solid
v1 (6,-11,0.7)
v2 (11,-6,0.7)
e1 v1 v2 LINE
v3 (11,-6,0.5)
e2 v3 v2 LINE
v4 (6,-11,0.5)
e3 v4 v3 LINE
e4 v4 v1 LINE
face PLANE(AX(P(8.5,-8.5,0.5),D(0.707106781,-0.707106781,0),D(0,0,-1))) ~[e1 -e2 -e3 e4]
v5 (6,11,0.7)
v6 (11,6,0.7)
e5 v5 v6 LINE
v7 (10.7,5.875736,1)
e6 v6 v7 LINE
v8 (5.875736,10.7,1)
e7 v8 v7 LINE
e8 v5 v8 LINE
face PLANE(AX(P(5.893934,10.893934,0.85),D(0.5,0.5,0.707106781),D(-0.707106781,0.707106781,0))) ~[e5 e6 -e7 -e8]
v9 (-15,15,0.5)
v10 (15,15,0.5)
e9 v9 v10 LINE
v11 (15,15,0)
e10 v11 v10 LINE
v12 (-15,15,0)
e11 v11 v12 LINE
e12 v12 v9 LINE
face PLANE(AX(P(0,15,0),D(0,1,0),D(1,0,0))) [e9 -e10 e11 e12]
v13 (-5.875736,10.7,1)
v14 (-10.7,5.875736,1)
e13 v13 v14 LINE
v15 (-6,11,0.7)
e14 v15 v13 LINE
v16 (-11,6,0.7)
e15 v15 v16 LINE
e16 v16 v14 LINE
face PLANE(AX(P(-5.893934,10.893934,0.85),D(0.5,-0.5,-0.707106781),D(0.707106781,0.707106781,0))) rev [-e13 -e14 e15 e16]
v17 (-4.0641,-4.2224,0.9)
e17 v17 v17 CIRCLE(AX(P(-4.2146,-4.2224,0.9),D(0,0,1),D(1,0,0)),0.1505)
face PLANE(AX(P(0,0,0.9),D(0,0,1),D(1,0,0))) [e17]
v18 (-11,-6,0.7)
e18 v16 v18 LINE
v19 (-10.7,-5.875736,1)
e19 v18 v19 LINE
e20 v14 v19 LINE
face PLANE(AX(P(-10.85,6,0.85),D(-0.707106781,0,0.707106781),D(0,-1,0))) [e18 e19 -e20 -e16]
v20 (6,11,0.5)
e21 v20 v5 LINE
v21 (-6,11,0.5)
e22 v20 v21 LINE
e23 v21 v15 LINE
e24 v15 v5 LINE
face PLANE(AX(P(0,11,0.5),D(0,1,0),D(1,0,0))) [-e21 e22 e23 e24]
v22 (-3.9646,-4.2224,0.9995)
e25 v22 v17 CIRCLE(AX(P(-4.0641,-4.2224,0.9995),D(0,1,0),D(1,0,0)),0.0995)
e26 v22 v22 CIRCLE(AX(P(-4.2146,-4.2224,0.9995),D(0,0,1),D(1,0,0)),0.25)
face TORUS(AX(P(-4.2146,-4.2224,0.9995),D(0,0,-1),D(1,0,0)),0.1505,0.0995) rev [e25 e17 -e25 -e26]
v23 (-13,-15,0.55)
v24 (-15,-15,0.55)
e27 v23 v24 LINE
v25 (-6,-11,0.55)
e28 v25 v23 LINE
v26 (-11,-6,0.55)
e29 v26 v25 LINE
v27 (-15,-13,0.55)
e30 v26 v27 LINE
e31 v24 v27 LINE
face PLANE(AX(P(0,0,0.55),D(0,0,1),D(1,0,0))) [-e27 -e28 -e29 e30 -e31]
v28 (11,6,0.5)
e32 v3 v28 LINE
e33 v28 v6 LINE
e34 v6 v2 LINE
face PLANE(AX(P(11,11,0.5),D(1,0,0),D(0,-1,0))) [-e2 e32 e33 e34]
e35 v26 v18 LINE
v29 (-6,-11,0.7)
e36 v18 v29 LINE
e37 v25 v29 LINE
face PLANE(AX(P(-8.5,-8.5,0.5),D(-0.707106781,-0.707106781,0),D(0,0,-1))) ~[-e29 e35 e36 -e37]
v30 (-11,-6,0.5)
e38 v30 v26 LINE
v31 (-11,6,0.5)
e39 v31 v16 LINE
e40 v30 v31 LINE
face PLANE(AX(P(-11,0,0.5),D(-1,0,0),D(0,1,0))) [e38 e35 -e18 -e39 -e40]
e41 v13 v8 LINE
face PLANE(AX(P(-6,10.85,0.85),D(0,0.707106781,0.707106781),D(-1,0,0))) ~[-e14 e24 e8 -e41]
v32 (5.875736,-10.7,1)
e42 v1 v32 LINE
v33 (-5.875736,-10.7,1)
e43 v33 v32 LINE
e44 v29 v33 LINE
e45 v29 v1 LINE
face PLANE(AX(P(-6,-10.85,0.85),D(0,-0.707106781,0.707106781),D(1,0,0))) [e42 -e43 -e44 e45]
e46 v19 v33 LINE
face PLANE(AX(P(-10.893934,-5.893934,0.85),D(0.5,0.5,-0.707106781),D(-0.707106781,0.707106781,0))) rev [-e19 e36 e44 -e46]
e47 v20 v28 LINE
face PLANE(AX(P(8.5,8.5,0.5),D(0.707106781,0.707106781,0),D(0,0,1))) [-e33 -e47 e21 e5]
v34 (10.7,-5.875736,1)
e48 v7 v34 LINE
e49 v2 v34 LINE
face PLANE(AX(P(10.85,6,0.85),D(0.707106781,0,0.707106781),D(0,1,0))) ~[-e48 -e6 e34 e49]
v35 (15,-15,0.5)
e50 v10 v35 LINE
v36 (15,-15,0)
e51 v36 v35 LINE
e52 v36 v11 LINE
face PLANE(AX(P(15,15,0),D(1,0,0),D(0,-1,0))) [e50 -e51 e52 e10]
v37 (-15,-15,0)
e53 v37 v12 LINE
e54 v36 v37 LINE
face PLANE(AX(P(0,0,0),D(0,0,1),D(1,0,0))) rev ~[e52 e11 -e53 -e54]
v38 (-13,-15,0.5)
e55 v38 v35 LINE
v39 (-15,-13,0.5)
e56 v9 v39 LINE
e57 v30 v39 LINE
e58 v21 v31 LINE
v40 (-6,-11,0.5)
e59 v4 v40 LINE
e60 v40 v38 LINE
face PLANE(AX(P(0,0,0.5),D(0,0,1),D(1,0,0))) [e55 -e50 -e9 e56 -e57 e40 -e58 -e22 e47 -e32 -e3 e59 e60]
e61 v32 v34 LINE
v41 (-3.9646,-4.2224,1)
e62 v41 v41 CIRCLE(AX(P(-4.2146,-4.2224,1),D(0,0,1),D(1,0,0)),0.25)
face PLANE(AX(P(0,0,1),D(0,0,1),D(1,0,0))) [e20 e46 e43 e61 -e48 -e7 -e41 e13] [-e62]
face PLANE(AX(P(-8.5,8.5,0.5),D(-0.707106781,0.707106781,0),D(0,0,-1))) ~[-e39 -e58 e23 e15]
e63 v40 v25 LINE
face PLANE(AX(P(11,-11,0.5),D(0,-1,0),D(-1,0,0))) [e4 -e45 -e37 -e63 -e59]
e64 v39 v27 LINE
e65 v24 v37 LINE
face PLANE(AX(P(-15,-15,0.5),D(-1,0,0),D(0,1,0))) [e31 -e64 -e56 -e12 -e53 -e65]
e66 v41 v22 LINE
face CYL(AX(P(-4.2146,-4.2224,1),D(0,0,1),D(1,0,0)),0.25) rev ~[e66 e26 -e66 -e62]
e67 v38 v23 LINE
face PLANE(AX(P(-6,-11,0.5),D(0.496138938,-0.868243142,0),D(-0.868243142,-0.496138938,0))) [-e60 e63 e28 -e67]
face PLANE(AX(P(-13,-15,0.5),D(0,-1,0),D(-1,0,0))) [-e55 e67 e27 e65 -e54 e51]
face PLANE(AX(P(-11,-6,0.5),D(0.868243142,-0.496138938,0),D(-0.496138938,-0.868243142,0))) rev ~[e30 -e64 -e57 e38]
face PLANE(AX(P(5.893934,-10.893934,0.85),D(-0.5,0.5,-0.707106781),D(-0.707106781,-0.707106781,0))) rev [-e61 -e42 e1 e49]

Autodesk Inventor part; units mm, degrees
ref_plane "YZ Plane" through (0, 0, 0) normal (1, 0, 0) x (0, 1, 0)
ref_plane "XZ Plane" through (0, 0, 0) normal (0, 1, 0) x (-1, 0, 0)
ref_plane "XY Plane" through (0, 0, 0) normal (0, 0, 1) x (1, 0, 0)
sketch "Sketch1" plane through (0, 0, 0) normal (0, 0, 1) x (1, 0, 0)
  line L0 (0, 24) -> (0, -18) projected
  line L1 (-18, 0) -> (24, 0) projected
  line L2 (-15, 15) -> (15, 15)
  line L3 (15, 15) -> (15, -15)
  line L4 (15, -15) -> (-15, -15)
  line L5 (-15, -15) -> (-15, 15)
  dimension "d0" = 30
extrude "Extrusion1" add sketch "Sketch1" along normal blind 0.5
sketch "Sketch2" plane through (0, 0, 0.5) normal (0, 0, 1) x (1, 0, 0)
  line L0 (0, 24) -> (0, -18) projected
  line L1 (-18, 0) -> (24, 0) projected
  line L2 (-11, 11) -> (11, 11)
  line L3 (11, 11) -> (11, -11)
  line L4 (11, -11) -> (-11, -11)
  line L5 (-11, -11) -> (-11, 11)
  dimension "d3" = 22
extrude "Extrusion2" add sketch "Sketch2" along normal blind 0.5
chamfer "Chamfer1" distance 5 angle 45 4 edges at (-11, -11, 0.75) (11, -11, 0.75) (11, 11, 0.75) (-11, 11, 0.75)
chamfer "Chamfer2" distance 0.3 angle 45 8 edges at (-11, 0, 1) (-8.5, -8.5, 1) (0, -11, 1) (8.5, -8.5, 1) (11, 0, 1) (8.5, 8.5, 1) (0, 11, 1) (-8.5, 8.5, 1)
sketch "Sketch3" plane through (0, 0, 0.5) normal (0, 0, 1) x (1, 0, 0)
  line L0 (-11, -6) -> (-6, -11) projected
  line L1 (-15, -15) -> (-15, 15) projected
  line L2 (15, -15) -> (-15, -15) projected
  line L3 (-11, -6) -> (-15, -13)
  line L4 (-6, -11) -> (-13, -15)
  dimension "d12" = 2
  dimension "d13" = 2
extrude "Extrusion3" add sketch "Sketch3" along normal blind 0.05
sketch "Sketch4" plane through (0, 0, 1) normal (0, 0, 1) x (1, 0, 0)
  circle A0 centre (-4.2146, -4.2224) radius 0.25
  dimension "d16" = 0.5
extrude "Extrusion4" cut sketch "Sketch4" against normal blind 0.1
fillet "Fillet1" radius 0.1 1 edges at (-4.4646, -4.2224, 0.9)
equation "\"d13\" = d12"
properties part number "config - chip 15 x15"
